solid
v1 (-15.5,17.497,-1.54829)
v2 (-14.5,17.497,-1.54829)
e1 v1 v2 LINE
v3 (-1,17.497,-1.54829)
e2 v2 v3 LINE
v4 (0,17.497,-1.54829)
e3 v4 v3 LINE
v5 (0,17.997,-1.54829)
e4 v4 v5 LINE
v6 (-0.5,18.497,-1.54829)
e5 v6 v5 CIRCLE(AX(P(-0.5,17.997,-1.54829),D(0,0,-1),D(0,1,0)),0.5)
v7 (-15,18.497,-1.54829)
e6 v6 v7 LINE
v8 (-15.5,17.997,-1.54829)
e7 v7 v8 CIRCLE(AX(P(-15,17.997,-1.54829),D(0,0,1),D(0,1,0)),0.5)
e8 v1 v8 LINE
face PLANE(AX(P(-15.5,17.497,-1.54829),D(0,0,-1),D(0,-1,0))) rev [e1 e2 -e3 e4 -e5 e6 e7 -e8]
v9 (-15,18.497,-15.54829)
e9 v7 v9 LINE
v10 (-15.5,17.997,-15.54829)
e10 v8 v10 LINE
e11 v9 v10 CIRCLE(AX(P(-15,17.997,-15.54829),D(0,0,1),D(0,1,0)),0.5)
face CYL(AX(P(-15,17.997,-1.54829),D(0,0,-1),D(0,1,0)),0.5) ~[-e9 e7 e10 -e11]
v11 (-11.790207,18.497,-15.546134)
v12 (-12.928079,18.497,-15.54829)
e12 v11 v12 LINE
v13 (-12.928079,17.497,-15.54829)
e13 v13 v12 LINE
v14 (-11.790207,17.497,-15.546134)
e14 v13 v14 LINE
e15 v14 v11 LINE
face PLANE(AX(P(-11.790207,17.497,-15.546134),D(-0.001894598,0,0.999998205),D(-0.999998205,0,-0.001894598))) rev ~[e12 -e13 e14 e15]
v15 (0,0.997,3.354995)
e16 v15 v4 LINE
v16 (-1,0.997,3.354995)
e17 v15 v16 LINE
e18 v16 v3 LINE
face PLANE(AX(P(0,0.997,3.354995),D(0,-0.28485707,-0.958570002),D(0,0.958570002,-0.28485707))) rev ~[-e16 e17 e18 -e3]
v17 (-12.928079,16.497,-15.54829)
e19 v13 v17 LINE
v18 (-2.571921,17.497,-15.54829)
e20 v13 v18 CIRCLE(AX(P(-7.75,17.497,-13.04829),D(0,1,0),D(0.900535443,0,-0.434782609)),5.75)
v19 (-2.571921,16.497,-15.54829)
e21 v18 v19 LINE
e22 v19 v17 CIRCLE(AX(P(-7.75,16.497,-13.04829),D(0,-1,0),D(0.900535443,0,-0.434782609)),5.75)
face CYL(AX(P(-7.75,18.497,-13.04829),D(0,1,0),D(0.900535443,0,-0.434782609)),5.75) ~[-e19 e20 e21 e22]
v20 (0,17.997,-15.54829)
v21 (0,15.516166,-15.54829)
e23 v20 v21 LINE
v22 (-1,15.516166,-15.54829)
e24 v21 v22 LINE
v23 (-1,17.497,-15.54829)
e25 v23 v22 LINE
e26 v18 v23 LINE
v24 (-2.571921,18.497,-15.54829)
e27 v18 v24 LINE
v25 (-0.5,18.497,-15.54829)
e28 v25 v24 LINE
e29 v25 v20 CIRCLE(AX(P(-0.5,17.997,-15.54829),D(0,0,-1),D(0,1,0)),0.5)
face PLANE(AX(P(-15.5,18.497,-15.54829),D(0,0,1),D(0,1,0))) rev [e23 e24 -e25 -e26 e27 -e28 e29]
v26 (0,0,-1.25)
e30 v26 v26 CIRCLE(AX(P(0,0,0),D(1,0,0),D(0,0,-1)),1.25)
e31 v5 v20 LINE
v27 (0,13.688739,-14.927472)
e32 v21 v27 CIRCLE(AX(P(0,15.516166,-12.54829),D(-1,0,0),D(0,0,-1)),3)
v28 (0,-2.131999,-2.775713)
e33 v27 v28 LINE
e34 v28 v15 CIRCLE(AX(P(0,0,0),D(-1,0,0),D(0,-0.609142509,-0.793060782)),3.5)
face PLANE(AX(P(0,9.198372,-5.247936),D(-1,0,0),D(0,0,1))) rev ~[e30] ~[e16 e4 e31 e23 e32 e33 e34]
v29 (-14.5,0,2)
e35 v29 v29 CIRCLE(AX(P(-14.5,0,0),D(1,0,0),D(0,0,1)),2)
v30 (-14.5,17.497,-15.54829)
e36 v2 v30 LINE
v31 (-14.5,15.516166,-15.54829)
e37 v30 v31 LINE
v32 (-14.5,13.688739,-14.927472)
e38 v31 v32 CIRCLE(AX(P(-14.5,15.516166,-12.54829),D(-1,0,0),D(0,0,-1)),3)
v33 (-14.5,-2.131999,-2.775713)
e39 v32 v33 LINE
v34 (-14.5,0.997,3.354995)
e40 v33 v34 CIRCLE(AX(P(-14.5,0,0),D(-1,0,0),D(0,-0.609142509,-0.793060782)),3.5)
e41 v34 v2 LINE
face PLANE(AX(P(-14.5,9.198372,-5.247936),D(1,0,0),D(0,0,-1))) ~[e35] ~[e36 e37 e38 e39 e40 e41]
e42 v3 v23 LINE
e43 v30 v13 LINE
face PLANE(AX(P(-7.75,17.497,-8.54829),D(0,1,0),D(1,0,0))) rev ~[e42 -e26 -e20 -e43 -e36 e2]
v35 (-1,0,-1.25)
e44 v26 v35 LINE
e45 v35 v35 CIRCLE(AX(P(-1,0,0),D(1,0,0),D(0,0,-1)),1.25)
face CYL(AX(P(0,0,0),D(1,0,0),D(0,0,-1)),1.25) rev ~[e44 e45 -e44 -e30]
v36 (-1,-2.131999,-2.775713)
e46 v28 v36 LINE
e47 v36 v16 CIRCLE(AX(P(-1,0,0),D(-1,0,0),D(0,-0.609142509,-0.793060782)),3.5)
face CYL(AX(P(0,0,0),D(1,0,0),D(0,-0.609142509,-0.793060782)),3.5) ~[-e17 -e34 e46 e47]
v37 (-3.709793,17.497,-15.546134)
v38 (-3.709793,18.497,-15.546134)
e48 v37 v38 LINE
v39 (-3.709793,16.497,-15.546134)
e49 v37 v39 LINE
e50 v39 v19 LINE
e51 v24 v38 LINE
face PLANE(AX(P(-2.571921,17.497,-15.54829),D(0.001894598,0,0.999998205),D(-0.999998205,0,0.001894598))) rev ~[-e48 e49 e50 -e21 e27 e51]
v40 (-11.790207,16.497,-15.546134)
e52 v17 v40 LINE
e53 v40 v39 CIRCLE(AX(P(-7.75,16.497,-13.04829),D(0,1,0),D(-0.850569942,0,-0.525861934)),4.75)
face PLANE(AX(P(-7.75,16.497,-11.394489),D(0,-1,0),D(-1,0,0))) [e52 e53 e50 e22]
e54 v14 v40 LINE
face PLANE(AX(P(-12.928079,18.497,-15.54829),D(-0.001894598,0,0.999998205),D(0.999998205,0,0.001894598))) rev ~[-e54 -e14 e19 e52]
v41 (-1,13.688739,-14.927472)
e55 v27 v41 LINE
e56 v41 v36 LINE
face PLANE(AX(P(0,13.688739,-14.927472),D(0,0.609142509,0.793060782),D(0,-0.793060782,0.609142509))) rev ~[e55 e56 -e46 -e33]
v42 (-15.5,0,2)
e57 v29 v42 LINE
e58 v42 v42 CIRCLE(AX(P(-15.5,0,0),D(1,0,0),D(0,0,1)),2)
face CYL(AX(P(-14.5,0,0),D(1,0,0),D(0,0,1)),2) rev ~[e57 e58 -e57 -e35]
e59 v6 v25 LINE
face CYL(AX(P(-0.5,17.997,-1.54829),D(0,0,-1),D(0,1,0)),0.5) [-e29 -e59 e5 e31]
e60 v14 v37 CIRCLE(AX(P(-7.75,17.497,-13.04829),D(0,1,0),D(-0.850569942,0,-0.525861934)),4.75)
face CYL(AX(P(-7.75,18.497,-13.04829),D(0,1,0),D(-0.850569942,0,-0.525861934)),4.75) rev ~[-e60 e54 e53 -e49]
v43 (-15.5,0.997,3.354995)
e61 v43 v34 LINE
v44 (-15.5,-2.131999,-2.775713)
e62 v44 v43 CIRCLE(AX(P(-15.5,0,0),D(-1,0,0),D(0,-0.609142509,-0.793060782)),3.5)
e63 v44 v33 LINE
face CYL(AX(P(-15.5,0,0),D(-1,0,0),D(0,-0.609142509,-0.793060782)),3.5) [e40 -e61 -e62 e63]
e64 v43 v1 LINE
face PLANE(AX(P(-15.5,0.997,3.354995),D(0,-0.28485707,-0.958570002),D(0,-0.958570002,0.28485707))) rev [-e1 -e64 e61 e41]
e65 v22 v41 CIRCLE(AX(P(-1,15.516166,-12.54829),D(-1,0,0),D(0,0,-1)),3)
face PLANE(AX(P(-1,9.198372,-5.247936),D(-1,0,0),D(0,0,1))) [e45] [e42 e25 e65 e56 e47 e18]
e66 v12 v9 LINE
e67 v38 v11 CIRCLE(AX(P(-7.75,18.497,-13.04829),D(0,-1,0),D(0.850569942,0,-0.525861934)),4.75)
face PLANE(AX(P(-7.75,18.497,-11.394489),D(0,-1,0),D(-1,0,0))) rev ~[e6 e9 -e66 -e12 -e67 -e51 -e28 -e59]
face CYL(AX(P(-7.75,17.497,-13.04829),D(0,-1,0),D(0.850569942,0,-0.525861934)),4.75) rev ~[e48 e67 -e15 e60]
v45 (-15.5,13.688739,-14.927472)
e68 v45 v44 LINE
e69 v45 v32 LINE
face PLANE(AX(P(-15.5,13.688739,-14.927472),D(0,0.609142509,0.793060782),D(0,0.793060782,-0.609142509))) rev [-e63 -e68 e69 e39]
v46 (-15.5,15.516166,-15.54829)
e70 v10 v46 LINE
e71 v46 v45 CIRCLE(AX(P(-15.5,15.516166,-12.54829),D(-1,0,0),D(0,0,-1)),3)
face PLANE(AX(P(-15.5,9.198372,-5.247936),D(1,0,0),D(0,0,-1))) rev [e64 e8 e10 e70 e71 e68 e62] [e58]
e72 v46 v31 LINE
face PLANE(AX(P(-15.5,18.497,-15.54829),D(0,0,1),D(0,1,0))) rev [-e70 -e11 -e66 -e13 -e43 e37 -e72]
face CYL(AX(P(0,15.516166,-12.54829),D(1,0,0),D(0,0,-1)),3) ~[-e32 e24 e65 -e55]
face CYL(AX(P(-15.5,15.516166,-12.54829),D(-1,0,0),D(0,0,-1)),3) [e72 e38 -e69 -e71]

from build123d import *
from build123d.topology import SkipClean

# Parameters (mm, degrees)
BOSS_EXTRUDE1_DEPTH = 2
SKETCH2_W           = 31
SKETCH2_H           = 28
BOSS_EXTRUDE2_DEPTH = 2
BOSS_EXTRUDE3_DEPTH = 4
CUT_EXTRUDE1_DEPTH  = 4
FILLET1_R           = 1
CUT_EXTRUDE2_START  = -29
SKETCH5_R           = 4
CUT_EXTRUDE2_DEPTH  = 10
SKETCH6_R           = 2.5
CUT_EXTRUDE3_DEPTH  = 10
SCALE1_SCALE        = 0.5


with BuildPart() as part:
    # Sketch1 → Boss-Extrude1 (new body)
    with BuildSketch(Plane(origin=(0, 0, 0), x_dir=(0, 0, -1), z_dir=(1, 0, 0))):
        with BuildLine():
            Line((-6.709990017, 1.993999493), (3.096579457, 34.993999493))
            Line((3.096579457, 34.993999493), (3.096579457, 36.993999493))
            Line((3.096579457, 36.993999493), (31.096579457, 36.993999493))
            Line((31.096579457, 36.993999493), (31.096579457, 31.032332545))
            ThreePointArc((31.096579457, 31.032332545), (30.777696783, 29.102331009), (29.854944147, 27.377477489))
            Line((29.854944147, 27.377477489), (5.551425471, -4.263997566))
            ThreePointArc((5.551425471, -4.263997566), (-3.182169032, -6.234885745), (-6.709990017, 1.993999493))
        make_face()
    extrude(amount=-BOSS_EXTRUDE1_DEPTH)


with BuildPart() as body_2:
    # Mirror1: mirrored copy
    add(part.part.mirror(Plane(origin=(-15.5, 0, 0), x_dir=(0, 0, 1), z_dir=(1, 0, 0))))


with BuildPart() as part_1:
    add(part.part)

    add(body_2.part)  # Boss-Extrude2 merges body 2
    # Sketch2 → Boss-Extrude2 (add)
    with BuildSketch(Plane(origin=(0, 36.993999493, 0), x_dir=(1, 0, 0), z_dir=(0, 1, 0))):
        with Locations((-15.5, 17.096579457)):
            Rectangle(SKETCH2_W, SKETCH2_H)
    extrude(amount=-BOSS_EXTRUDE2_DEPTH)

    # Sketch3 → Boss-Extrude3 (add)
    with BuildSketch(Plane(origin=(0, 36.993999493, 0), x_dir=(1, 0, 0), z_dir=(0, 1, 0))):
        with BuildLine():
            Line((-7.41958555, 31.09226783), (-5.143842411, 31.096579457))
            ThreePointArc((-5.143842411, 31.096579457), (-15.5, 14.596579457), (-25.856157589, 31.096579457))
            Line((-25.856157589, 31.096579457), (-23.58041445, 31.09226783))
            ThreePointArc((-23.58041445, 31.09226783), (-15.5, 16.596579457), (-7.41958555, 31.09226783))
        make_face()
    extrude(amount=-BOSS_EXTRUDE3_DEPTH)

    # Sketch4 → Cut-Extrude1 (cut)
    with SkipClean():  # the faces are left unmerged after this step: merging them gives an invalid solid
        with BuildSketch(Plane.XZ.offset(-34.993999493)):
            with BuildLine():
                Line((-5.143842411, -31.096579457), (-7.41958555, -31.09226783))
                ThreePointArc((-7.41958555, -31.09226783), (-15.5, -16.596579457), (-23.58041445, -31.09226783))
                Line((-23.58041445, -31.09226783), (-25.856157589, -31.096579457))
                Line((-25.856157589, -31.096579457), (-5.143842411, -31.096579457))
            make_face()
        extrude(amount=-CUT_EXTRUDE1_DEPTH, mode=Mode.SUBTRACT)

    # Fillet1
    fillet1_edges = [part_1.edges().sort_by_distance(p)[0] for p in [
        (-31, 36.993999493, -17.096579457),
        (0, 36.993999493, -17.096579457),
    ]]
    fillet(fillet1_edges, radius=FILLET1_R)

    # Sketch5 → Cut-Extrude2 (cut)
    with SkipClean():  # the faces are left unmerged after this step: merging them gives an invalid solid
        with BuildSketch(Plane(origin=(0, 0, 0), x_dir=(0, 0, -1), z_dir=(1, 0, 0)).offset(CUT_EXTRUDE2_START)):
            with Locations(Location((0, 0, 0), (0, 0, 180))):
                Circle(SKETCH5_R)
        extrude(amount=-CUT_EXTRUDE2_DEPTH, mode=Mode.SUBTRACT)

    # Sketch6 → Cut-Extrude3 (cut)
    with SkipClean():  # the faces are left unmerged after this step: merging them gives an invalid solid
        with BuildSketch(Plane(origin=(0, 0, 0), x_dir=(0, 0, -1), z_dir=(1, 0, 0))):
            Circle(SKETCH6_R)
        extrude(amount=-CUT_EXTRUDE3_DEPTH, mode=Mode.SUBTRACT)


with BuildPart() as part_2:
    # Scale1: scaled about (0, 0, 0)
    add(part_1.part.scale(SCALE1_SCALE))


solid = part_2.part
